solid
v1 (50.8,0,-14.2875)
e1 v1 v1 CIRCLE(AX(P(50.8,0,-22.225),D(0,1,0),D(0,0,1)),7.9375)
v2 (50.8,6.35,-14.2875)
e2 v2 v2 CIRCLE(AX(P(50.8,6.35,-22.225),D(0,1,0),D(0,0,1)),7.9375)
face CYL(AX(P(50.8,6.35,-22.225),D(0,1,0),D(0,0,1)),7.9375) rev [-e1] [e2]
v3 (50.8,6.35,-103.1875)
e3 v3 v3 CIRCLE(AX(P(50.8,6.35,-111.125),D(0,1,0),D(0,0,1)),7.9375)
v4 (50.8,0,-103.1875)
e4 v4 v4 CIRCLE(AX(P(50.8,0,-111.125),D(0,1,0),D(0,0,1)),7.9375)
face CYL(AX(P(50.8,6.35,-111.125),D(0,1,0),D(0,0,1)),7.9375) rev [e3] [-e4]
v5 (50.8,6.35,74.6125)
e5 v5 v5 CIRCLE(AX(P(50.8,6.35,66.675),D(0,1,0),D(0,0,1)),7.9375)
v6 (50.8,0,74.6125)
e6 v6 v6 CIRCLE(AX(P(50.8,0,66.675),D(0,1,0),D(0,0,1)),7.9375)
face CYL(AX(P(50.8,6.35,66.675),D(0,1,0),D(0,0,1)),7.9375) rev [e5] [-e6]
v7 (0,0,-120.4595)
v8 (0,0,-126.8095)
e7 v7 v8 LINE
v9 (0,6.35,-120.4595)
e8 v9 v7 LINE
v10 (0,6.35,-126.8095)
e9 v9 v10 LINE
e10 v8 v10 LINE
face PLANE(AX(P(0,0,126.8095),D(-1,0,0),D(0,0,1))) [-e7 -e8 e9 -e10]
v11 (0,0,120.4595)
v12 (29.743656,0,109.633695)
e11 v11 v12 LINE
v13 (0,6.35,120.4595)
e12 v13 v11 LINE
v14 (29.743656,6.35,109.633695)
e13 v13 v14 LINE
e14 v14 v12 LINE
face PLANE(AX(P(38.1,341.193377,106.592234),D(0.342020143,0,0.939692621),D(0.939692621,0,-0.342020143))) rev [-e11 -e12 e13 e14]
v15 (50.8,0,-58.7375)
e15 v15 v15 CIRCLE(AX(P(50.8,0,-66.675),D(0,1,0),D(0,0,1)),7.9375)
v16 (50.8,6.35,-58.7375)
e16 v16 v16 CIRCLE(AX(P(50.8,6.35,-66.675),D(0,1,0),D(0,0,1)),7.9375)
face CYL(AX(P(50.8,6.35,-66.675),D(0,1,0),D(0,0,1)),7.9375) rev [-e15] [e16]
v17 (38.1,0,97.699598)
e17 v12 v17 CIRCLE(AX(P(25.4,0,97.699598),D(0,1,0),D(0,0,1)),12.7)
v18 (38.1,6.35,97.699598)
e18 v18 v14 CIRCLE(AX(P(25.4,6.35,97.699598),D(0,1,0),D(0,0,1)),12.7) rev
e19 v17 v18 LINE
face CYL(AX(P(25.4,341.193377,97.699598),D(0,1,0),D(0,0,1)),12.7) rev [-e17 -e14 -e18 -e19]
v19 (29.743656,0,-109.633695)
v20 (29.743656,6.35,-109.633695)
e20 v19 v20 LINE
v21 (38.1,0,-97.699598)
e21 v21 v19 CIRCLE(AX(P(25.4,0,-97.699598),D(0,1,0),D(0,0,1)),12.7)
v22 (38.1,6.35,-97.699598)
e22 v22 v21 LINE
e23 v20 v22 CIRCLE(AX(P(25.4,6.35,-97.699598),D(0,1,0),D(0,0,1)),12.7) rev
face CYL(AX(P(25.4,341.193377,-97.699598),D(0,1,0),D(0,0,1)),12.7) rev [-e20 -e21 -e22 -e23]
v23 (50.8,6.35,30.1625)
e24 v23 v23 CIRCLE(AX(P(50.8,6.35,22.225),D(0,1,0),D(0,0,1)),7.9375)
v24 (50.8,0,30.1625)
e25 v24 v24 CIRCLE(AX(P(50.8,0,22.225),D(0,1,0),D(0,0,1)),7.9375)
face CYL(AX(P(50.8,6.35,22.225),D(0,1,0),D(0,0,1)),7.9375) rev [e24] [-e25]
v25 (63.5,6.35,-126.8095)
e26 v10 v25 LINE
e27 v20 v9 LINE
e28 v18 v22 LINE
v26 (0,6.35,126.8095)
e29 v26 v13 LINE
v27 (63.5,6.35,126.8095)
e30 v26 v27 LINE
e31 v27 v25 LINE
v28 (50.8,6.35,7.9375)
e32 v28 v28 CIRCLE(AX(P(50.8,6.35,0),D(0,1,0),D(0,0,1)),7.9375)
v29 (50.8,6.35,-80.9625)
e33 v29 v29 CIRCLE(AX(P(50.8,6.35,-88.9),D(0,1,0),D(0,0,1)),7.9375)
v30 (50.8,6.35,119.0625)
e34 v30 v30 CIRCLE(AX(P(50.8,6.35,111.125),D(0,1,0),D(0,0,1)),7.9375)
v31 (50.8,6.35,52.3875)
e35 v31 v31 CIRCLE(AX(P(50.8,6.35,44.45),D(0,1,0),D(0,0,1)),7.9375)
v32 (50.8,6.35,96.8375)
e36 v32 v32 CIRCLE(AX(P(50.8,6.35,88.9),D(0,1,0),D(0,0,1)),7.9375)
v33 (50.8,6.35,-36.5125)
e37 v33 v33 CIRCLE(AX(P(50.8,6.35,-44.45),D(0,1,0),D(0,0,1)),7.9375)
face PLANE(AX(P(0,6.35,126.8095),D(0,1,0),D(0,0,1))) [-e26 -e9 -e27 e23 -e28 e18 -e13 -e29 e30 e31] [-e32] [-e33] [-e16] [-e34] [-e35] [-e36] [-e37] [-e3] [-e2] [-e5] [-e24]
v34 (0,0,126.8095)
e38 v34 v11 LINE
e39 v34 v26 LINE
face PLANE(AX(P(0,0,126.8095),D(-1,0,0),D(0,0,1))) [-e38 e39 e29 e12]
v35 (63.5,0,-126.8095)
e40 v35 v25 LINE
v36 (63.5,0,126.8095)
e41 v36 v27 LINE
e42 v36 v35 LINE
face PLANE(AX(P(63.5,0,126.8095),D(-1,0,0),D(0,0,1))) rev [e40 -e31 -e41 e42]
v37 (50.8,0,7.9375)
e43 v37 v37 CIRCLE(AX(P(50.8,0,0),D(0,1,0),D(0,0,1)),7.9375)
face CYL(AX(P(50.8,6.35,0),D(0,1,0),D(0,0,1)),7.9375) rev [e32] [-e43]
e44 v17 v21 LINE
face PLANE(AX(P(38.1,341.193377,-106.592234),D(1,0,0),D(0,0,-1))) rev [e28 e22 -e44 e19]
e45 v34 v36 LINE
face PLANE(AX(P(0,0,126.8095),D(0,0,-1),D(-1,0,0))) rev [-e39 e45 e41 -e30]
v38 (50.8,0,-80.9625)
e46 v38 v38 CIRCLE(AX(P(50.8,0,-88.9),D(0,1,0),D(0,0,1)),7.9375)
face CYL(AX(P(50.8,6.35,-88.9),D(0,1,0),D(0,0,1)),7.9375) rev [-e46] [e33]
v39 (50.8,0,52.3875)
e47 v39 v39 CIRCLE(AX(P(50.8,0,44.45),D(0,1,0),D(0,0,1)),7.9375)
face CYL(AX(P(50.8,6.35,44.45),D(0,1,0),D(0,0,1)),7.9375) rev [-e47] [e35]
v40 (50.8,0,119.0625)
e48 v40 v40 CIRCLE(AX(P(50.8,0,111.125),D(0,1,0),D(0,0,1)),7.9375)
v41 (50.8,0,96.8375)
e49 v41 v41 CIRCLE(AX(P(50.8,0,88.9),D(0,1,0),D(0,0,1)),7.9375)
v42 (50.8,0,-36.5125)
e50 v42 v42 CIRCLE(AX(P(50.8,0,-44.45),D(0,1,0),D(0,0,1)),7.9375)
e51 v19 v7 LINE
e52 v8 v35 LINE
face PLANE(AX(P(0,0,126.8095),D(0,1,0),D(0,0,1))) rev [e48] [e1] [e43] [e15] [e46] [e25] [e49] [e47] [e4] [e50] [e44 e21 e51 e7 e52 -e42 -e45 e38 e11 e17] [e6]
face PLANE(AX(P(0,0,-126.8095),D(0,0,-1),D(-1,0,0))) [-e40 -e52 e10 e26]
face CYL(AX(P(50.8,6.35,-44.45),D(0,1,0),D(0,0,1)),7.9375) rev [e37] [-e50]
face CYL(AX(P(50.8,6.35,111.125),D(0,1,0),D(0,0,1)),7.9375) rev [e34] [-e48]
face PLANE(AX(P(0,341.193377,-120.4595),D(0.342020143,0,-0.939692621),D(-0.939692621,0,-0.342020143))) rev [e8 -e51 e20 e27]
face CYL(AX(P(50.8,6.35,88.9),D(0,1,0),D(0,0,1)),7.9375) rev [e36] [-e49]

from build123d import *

# Parameters (mm, degrees)
SKETCH1_W               = 63.5
SKETCH1_H               = 6.35
BOSS_EXTRUDE1_DEPTH     = 126.8095
CUT_EXTRUDE1_DEPTH      = 1
CUT_EXTRUDE1_DEPTH_BACK = 7.35
FILLET1_R               = 12.7
LPATTERN1_COUNT         = 6
LPATTERN1_PITCH         = 22.225


with BuildPart() as part:
    # Sketch1 → Boss-Extrude1 (new body, symmetric)
    with BuildSketch(Plane.XY):
        with Locations((31.75, 3.175)):
            Rectangle(SKETCH1_W, SKETCH1_H)
    extrude(amount=BOSS_EXTRUDE1_DEPTH, both=True)

    # Sketch2 → Cut-Extrude1 (cut, two sides)
    with BuildSketch(Plane(origin=(0, 6.35, 0), x_dir=(1, 0, 0), z_dir=(0, 1, 0))) as cut_extrude1_sk:
        Polygon((-489.189690869, 298.509986386), (0, 120.4595), (38.1, 106.592234074), (38.1, -106.592234074), (0, -120.4595), (-489.189690869, -298.509986386), (-1530.359281964, -298.509986386), (-1530.359281964, 298.509986386), align=None)
    extrude(amount=CUT_EXTRUDE1_DEPTH, mode=Mode.SUBTRACT)
    extrude(cut_extrude1_sk.sketch, amount=-CUT_EXTRUDE1_DEPTH_BACK, mode=Mode.SUBTRACT)

    # Fillet1
    fillet1_edges = [part.edges().sort_by_distance(p)[0] for p in [
        (38.1, 3.175, -106.592234074),
        (38.1, 3.175, 106.592234074),
    ]]
    fillet(fillet1_edges, radius=FILLET1_R)

    # Sketch4 → 5/8 (0.625) Diameter Hole1 (revolve, cut)
    with BuildSketch(Plane(origin=(50.8, 6.35, 0), x_dir=(0, 0, 1), z_dir=(1, 0, 0))):
        Polygon((0, 0), (0, 23.819331164), (7.9375, 19.05), (7.9375, 0), align=None)
    f_5_8_0_625_diameter_hole1 = revolve(axis=Axis((50.8, 12.7, 0), (0, -1, 0)), mode=Mode.SUBTRACT)

    # LPattern1: 5/8 (0.625) Diameter Hole1 ×6
    with Locations(*[(0, 0, -i * LPATTERN1_PITCH) for i in range(1, LPATTERN1_COUNT)]):
        add(f_5_8_0_625_diameter_hole1, mode=Mode.SUBTRACT)

    # Mirror1 copy 1 sketch → Mirror1 copy 1 (revolve, cut)
    with BuildSketch(Plane(origin=(50.8, 6.35, 22.225), x_dir=(0, 0, -1), z_dir=(1, 0, 0))):
        Polygon((0, 0), (0, -23.819331164), (7.9375, -19.05), (7.9375, 0), align=None)
    revolve(axis=Axis((50.8, 12.7, 22.225), (0, 1, 0)), mode=Mode.SUBTRACT)

    # Mirror1 copy 2 sketch → Mirror1 copy 2 (revolve, cut)
    with BuildSketch(Plane(origin=(50.8, 6.35, 44.45), x_dir=(0, 0, -1), z_dir=(1, 0, 0))):
        Polygon((0, 0), (0, -23.819331164), (7.9375, -19.05), (7.9375, 0), align=None)
    revolve(axis=Axis((50.8, 12.7, 44.45), (0, 1, 0)), mode=Mode.SUBTRACT)

    # Mirror1 copy 3 sketch → Mirror1 copy 3 (revolve, cut)
    with BuildSketch(Plane(origin=(50.8, 6.35, 66.675), x_dir=(0, 0, -1), z_dir=(1, 0, 0))):
        Polygon((0, 0), (0, -23.819331164), (7.9375, -19.05), (7.9375, 0), align=None)
    revolve(axis=Axis((50.8, 12.7, 66.675), (0, 1, 0)), mode=Mode.SUBTRACT)

    # Mirror1 copy 4 sketch → Mirror1 copy 4 (revolve, cut)
    with BuildSketch(Plane(origin=(50.8, 6.35, 88.9), x_dir=(0, 0, -1), z_dir=(1, 0, 0))):
        Polygon((0, 0), (0, -23.819331164), (7.9375, -19.05), (7.9375, 0), align=None)
    revolve(axis=Axis((50.8, 12.7, 88.9), (0, 1, 0)), mode=Mode.SUBTRACT)

    # Mirror1 copy 5 sketch → Mirror1 copy 5 (revolve, cut)
    with BuildSketch(Plane(origin=(50.8, 6.35, 111.125), x_dir=(0, 0, -1), z_dir=(1, 0, 0))):
        Polygon((0, 0), (0, -23.819331164), (7.9375, -19.05), (7.9375, 0), align=None)
    revolve(axis=Axis((50.8, 12.7, 111.125), (0, 1, 0)), mode=Mode.SUBTRACT)

    # Mirror1 copy 6 sketch → Mirror1 copy 6 (revolve, cut)
    with BuildSketch(Plane(origin=(50.8, 6.35, 0), x_dir=(0, 0, -1), z_dir=(1, 0, 0))):
        Polygon((0, 0), (0, -23.819331164), (7.9375, -19.05), (7.9375, 0), align=None)
    revolve(axis=Axis((50.8, 12.7, 0), (0, 1, 0)), mode=Mode.SUBTRACT)


solid = part.part
